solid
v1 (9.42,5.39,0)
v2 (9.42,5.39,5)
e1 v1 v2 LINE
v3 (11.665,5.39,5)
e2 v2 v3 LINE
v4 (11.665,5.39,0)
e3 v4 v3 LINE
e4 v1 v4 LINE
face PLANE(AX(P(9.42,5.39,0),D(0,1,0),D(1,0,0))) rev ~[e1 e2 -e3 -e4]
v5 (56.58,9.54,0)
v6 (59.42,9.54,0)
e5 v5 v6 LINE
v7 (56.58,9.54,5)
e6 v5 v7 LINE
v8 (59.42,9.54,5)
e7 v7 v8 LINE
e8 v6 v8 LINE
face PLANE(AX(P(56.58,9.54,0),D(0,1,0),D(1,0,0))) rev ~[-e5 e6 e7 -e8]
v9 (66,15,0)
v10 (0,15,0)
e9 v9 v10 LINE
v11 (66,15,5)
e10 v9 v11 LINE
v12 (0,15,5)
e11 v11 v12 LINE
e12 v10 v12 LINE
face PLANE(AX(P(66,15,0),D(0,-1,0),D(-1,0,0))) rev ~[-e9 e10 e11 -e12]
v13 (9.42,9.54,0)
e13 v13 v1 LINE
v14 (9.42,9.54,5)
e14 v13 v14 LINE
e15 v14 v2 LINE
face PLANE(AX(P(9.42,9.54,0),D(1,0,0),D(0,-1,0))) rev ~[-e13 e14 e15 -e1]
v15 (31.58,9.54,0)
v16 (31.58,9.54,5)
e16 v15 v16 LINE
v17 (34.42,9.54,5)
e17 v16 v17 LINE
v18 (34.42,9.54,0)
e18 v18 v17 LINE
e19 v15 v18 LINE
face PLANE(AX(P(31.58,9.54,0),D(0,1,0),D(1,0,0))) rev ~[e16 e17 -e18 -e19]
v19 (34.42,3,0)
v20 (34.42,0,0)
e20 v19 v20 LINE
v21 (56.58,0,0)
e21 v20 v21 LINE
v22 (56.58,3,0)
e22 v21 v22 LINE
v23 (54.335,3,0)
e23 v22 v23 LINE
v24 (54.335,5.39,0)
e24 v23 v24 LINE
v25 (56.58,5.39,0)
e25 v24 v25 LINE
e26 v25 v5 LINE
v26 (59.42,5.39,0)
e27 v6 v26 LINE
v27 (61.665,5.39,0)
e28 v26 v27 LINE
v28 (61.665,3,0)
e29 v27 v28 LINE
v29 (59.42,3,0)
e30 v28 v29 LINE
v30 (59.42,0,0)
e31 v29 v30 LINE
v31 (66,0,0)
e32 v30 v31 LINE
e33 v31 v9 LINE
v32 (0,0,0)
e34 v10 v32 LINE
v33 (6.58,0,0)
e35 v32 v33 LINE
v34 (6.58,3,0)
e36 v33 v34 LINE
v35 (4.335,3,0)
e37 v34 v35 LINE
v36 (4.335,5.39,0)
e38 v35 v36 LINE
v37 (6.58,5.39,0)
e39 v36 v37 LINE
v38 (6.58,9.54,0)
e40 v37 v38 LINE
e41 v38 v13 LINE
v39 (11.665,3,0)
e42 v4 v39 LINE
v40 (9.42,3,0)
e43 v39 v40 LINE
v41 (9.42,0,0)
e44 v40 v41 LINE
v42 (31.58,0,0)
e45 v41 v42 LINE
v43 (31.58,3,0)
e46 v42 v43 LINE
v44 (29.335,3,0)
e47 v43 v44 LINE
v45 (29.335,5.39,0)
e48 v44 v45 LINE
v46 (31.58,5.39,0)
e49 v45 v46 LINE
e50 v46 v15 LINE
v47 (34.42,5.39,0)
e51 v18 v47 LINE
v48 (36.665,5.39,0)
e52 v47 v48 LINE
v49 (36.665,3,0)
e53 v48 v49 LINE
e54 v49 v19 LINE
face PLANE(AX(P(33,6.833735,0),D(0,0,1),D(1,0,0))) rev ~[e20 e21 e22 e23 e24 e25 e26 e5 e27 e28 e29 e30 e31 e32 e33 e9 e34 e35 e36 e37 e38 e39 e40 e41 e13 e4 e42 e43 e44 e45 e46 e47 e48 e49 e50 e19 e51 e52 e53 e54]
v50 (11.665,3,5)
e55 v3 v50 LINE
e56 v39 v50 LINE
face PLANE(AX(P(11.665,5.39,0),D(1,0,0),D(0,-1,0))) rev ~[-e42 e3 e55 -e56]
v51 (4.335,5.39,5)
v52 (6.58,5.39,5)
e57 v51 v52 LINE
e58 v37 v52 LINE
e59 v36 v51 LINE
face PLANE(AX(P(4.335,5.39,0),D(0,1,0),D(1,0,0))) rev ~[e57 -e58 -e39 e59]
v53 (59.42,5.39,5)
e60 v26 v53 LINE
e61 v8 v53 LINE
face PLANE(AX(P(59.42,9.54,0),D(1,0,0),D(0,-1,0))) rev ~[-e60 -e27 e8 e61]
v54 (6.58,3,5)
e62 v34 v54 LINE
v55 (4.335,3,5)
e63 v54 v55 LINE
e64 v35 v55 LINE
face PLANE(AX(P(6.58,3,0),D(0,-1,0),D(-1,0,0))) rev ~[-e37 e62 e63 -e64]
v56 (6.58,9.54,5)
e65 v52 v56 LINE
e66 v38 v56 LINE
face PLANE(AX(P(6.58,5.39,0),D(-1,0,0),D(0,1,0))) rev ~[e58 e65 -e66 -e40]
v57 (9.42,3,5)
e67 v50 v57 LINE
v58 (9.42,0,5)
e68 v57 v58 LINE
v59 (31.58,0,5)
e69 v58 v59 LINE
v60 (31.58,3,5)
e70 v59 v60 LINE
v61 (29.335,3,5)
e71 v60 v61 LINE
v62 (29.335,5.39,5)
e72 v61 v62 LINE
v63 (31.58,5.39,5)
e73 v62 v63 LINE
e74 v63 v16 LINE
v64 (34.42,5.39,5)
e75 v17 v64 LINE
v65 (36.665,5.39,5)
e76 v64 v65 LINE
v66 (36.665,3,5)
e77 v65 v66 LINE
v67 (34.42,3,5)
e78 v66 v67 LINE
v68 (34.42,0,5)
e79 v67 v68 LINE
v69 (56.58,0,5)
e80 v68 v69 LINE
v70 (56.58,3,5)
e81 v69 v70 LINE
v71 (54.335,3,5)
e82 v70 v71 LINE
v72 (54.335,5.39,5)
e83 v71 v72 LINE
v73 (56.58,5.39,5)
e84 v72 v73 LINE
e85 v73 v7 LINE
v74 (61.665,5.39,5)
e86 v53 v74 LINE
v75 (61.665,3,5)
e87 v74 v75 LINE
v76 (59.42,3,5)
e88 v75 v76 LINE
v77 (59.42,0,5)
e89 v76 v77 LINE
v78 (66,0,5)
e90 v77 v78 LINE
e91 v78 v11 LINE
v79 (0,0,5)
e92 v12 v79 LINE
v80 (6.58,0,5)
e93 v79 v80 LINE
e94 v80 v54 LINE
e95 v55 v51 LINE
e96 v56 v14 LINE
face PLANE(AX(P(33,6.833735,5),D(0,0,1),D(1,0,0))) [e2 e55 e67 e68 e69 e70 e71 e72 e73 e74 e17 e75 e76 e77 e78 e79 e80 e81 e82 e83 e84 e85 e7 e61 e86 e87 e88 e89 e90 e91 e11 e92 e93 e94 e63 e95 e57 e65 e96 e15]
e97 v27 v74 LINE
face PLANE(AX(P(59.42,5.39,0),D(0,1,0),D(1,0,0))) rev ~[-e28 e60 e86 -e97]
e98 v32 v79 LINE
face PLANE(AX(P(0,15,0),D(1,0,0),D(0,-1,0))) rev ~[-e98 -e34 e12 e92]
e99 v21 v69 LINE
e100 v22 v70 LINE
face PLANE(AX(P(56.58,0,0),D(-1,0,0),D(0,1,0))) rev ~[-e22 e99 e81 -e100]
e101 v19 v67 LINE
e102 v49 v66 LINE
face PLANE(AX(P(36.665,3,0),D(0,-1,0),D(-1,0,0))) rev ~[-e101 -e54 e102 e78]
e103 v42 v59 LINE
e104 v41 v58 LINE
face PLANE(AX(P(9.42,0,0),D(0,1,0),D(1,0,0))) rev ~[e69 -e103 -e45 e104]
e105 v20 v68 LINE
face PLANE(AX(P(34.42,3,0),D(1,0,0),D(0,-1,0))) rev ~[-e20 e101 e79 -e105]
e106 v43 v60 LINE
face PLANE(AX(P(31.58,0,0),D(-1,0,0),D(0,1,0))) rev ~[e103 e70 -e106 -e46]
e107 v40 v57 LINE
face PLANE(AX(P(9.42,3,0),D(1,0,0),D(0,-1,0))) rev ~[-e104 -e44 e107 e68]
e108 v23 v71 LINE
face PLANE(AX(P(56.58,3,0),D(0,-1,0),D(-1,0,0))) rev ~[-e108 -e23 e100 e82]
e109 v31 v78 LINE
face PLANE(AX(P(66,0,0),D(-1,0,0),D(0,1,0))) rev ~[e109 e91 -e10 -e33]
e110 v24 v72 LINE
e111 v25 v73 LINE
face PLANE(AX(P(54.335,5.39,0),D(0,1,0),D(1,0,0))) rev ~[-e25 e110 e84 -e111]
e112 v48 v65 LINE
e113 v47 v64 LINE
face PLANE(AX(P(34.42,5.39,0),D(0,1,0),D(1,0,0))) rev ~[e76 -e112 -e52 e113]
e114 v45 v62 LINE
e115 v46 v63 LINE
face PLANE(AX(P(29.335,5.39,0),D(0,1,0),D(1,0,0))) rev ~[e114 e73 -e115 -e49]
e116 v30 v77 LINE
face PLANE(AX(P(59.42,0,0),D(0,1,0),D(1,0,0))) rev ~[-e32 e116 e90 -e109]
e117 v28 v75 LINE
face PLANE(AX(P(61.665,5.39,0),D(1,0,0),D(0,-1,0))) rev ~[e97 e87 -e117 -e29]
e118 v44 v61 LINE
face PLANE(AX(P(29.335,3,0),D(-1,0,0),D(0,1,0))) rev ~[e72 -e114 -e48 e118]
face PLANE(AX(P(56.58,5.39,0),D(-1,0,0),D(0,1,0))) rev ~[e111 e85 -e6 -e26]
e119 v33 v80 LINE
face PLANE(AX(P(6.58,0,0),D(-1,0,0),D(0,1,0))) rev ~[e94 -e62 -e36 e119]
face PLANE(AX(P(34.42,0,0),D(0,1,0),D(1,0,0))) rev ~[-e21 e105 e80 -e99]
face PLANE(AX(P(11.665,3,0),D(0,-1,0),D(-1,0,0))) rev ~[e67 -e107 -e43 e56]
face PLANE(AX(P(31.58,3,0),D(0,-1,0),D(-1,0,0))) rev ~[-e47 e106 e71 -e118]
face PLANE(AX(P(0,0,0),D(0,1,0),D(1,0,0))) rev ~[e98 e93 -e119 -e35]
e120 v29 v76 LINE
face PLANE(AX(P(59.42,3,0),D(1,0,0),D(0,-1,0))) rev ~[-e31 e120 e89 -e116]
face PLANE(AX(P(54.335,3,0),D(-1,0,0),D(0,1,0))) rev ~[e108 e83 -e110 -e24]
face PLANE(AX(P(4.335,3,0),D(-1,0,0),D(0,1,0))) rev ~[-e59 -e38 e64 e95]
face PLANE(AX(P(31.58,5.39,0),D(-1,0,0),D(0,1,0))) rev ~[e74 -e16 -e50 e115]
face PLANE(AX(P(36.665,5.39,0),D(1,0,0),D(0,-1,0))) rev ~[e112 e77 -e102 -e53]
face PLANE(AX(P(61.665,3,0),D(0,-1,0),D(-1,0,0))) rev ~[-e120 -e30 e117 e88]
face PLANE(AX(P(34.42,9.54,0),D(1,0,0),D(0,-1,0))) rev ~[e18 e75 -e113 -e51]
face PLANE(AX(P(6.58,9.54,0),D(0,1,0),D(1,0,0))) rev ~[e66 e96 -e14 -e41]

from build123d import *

# Parameters (mm, degrees)
BOSS_EXTRUDE1_DEPTH = 5


with BuildPart() as part:
    # Sketch1 → Boss-Extrude1 (new body)
    with BuildSketch(Plane.XY):
        Polygon((0, 0), (6.58, 0), (6.58, 3), (4.335, 3), (4.335, 5.39), (6.58, 5.39), (6.58, 9.54), (9.42, 9.54), (9.42, 5.39), (11.665, 5.39), (11.665, 3), (9.42, 3), (9.42, 0), (31.58, 0), (31.58, 3), (29.335, 3), (29.335, 5.39), (31.58, 5.39), (31.58, 9.54), (34.42, 9.54), (34.42, 5.39), (36.665, 5.39), (36.665, 3), (34.42, 3), (34.42, 0), (56.58, 0), (56.58, 3), (54.335, 3), (54.335, 5.39), (56.58, 5.39), (56.58, 9.54), (59.42, 9.54), (59.42, 5.39), (61.665, 5.39), (61.665, 3), (59.42, 3), (59.42, 0), (66, 0), (66, 15), (0, 15), align=None)
    extrude(amount=BOSS_EXTRUDE1_DEPTH)


solid = part.part
